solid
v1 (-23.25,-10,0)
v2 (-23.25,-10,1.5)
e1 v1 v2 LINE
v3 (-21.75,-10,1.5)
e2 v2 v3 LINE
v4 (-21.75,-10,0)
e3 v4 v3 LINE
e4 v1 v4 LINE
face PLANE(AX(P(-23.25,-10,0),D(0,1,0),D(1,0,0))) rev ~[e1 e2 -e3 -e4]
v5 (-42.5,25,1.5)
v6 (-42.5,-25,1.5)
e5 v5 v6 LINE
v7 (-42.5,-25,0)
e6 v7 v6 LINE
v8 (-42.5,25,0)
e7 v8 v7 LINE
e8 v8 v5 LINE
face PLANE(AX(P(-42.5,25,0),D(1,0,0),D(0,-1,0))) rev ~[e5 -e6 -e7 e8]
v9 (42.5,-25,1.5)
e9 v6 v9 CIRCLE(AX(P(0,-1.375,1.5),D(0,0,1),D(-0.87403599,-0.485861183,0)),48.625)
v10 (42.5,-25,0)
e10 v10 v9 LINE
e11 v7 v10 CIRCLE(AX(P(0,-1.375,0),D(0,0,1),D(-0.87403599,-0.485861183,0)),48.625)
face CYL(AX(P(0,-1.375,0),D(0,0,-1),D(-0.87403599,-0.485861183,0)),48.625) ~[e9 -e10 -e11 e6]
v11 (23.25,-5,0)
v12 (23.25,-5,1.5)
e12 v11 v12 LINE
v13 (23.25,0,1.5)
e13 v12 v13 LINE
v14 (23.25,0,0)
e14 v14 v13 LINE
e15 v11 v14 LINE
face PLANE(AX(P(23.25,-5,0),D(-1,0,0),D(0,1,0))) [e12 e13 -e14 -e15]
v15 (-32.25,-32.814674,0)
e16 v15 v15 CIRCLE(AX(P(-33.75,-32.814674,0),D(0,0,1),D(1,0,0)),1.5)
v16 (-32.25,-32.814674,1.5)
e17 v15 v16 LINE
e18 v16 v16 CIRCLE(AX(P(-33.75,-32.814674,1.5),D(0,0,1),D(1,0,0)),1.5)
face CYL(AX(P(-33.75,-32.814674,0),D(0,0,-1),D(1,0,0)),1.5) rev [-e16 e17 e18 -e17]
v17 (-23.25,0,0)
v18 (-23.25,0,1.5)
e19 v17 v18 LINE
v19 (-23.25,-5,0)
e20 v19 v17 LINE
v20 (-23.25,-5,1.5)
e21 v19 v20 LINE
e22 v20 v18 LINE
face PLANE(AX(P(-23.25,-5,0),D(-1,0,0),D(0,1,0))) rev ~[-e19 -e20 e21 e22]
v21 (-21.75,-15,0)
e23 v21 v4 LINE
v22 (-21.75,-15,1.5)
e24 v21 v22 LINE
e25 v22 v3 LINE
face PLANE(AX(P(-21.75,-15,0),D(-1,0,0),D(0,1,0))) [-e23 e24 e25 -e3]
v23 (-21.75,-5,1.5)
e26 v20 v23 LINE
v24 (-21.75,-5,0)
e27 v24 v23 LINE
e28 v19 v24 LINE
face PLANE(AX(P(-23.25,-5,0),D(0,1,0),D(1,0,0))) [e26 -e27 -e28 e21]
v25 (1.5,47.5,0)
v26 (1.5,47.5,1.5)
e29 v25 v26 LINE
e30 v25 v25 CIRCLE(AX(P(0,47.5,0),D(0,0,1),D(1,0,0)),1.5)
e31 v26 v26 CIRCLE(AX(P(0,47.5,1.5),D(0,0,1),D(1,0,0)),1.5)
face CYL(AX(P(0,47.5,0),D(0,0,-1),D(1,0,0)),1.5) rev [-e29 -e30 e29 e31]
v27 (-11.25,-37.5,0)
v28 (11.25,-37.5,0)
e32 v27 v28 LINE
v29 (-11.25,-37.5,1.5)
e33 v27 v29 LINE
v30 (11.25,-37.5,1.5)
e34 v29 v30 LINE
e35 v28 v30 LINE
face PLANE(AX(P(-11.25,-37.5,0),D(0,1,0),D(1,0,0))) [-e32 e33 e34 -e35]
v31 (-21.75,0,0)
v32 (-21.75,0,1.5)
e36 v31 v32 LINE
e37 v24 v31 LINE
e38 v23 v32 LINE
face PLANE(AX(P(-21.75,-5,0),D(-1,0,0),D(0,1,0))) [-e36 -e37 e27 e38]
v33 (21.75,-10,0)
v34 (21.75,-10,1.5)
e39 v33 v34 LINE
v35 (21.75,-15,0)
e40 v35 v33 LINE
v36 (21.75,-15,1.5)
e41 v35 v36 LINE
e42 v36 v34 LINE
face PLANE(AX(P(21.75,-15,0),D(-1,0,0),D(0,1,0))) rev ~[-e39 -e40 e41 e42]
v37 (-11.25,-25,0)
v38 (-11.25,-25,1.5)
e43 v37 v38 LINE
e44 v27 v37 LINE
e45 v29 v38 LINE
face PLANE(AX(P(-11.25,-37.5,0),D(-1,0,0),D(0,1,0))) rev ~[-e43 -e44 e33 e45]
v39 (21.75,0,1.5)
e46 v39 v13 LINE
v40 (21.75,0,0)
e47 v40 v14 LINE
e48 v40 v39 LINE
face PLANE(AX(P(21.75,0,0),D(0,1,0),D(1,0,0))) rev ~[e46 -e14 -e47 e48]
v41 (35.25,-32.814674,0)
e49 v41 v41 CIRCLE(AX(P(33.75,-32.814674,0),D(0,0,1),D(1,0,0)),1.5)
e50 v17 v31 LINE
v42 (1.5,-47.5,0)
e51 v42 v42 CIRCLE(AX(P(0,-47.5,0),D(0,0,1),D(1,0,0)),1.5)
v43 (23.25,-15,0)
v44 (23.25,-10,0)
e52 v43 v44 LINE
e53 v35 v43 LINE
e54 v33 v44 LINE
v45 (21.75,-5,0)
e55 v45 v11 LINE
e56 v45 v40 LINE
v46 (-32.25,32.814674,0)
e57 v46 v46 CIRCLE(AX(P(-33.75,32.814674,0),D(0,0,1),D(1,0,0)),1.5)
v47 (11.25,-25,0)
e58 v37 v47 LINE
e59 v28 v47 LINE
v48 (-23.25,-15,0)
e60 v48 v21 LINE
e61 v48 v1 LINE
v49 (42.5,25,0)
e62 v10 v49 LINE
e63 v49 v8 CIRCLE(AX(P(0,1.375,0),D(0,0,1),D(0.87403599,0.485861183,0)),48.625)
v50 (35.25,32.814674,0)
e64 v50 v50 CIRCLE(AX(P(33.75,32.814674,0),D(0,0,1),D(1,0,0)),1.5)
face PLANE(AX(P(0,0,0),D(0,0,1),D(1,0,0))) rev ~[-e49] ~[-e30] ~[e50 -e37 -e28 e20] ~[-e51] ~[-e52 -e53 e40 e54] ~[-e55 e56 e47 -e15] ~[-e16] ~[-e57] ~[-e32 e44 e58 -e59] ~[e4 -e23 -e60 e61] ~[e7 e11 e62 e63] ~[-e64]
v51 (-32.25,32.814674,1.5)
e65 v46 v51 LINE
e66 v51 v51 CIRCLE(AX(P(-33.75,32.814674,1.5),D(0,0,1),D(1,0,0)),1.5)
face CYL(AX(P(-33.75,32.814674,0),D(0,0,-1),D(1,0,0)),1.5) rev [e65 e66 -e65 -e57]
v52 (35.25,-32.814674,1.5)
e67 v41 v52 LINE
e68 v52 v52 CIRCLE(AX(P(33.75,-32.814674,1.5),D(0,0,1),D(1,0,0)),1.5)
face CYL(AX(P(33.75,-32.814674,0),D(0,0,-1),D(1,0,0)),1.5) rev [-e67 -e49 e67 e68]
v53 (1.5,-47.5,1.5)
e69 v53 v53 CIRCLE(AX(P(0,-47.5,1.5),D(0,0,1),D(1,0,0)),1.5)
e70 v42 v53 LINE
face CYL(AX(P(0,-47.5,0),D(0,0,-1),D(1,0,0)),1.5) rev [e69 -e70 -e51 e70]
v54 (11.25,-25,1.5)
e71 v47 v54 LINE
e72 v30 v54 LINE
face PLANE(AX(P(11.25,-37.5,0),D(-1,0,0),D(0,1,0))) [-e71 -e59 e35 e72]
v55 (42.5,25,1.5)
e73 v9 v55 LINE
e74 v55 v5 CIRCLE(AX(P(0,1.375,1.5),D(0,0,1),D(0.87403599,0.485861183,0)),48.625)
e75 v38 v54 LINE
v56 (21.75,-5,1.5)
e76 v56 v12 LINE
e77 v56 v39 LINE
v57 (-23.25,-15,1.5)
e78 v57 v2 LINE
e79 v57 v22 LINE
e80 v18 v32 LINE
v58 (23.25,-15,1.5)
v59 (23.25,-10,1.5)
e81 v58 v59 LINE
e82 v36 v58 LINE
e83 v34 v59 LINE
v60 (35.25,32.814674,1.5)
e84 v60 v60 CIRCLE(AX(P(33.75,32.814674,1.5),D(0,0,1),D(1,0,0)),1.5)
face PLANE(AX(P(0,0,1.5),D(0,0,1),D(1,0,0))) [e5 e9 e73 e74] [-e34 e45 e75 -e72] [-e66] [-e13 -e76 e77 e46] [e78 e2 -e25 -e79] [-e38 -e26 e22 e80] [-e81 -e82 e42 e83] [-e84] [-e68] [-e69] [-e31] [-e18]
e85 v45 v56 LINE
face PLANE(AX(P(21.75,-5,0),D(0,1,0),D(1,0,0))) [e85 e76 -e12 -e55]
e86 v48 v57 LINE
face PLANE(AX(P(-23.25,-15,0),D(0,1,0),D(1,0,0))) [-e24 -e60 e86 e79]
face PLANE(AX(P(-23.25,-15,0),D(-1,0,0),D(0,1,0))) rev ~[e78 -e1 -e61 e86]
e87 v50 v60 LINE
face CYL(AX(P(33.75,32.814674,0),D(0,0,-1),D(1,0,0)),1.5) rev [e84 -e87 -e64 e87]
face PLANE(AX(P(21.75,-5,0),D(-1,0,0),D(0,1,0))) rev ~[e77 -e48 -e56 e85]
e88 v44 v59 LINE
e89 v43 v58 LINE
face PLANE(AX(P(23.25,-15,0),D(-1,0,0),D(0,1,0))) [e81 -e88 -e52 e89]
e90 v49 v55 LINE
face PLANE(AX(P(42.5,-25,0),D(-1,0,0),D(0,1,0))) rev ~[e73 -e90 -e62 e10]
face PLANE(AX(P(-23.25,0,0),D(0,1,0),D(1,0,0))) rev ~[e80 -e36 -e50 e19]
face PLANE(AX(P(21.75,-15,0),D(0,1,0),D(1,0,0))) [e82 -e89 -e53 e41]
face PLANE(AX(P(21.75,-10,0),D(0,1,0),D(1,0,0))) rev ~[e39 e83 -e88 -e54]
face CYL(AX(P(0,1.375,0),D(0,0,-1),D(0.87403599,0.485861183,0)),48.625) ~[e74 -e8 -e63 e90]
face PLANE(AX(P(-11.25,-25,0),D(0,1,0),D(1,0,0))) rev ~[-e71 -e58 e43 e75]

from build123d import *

# Parameters (mm, degrees)
F0_R     = 1.5
F0_W     = 1.5
F0_H     = 5
F0_W_2   = 22.5
F0_H_2   = 12.5
F1_DEPTH = 1.5


with BuildPart() as f1:
    # F0 (on Top) → F1 (new body)
    with BuildSketch(Plane.XY):
        with BuildLine():
            Line((42.5, -25), (42.5, 25))
            ThreePointArc((42.5, 25), (0, 50), (-42.5, 25))
            Line((-42.5, 25), (-42.5, -25))
            ThreePointArc((-42.5, -25), (0, -50), (42.5, -25))
        make_face()
        with Locations((-33.75, -32.814674)):
            Circle(F0_R, mode=Mode.SUBTRACT)
        with Locations((-22.5, -12.5)):
            Rectangle(F0_W, F0_H, mode=Mode.SUBTRACT)
        with Locations((-22.5, -2.5)):
            Rectangle(F0_W, F0_H, mode=Mode.SUBTRACT)
        with Locations((0, -47.5)):
            Circle(F0_R, mode=Mode.SUBTRACT)
        with Locations((0, -31.25)):
            Rectangle(F0_W_2, F0_H_2, mode=Mode.SUBTRACT)
        with Locations((33.75, -32.814674)):
            Circle(F0_R, mode=Mode.SUBTRACT)
        with Locations((22.5, -12.5)):
            Rectangle(F0_W, F0_H, mode=Mode.SUBTRACT)
        with Locations((22.5, -2.5)):
            Rectangle(F0_W, F0_H, mode=Mode.SUBTRACT)
        with Locations((-33.75, 32.814674)):
            Circle(F0_R, mode=Mode.SUBTRACT)
        with Locations((0, 47.5)):
            Circle(F0_R, mode=Mode.SUBTRACT)
        with Locations((33.75, 32.814674)):
            Circle(F0_R, mode=Mode.SUBTRACT)
    extrude(amount=F1_DEPTH)


solid = f1.part
